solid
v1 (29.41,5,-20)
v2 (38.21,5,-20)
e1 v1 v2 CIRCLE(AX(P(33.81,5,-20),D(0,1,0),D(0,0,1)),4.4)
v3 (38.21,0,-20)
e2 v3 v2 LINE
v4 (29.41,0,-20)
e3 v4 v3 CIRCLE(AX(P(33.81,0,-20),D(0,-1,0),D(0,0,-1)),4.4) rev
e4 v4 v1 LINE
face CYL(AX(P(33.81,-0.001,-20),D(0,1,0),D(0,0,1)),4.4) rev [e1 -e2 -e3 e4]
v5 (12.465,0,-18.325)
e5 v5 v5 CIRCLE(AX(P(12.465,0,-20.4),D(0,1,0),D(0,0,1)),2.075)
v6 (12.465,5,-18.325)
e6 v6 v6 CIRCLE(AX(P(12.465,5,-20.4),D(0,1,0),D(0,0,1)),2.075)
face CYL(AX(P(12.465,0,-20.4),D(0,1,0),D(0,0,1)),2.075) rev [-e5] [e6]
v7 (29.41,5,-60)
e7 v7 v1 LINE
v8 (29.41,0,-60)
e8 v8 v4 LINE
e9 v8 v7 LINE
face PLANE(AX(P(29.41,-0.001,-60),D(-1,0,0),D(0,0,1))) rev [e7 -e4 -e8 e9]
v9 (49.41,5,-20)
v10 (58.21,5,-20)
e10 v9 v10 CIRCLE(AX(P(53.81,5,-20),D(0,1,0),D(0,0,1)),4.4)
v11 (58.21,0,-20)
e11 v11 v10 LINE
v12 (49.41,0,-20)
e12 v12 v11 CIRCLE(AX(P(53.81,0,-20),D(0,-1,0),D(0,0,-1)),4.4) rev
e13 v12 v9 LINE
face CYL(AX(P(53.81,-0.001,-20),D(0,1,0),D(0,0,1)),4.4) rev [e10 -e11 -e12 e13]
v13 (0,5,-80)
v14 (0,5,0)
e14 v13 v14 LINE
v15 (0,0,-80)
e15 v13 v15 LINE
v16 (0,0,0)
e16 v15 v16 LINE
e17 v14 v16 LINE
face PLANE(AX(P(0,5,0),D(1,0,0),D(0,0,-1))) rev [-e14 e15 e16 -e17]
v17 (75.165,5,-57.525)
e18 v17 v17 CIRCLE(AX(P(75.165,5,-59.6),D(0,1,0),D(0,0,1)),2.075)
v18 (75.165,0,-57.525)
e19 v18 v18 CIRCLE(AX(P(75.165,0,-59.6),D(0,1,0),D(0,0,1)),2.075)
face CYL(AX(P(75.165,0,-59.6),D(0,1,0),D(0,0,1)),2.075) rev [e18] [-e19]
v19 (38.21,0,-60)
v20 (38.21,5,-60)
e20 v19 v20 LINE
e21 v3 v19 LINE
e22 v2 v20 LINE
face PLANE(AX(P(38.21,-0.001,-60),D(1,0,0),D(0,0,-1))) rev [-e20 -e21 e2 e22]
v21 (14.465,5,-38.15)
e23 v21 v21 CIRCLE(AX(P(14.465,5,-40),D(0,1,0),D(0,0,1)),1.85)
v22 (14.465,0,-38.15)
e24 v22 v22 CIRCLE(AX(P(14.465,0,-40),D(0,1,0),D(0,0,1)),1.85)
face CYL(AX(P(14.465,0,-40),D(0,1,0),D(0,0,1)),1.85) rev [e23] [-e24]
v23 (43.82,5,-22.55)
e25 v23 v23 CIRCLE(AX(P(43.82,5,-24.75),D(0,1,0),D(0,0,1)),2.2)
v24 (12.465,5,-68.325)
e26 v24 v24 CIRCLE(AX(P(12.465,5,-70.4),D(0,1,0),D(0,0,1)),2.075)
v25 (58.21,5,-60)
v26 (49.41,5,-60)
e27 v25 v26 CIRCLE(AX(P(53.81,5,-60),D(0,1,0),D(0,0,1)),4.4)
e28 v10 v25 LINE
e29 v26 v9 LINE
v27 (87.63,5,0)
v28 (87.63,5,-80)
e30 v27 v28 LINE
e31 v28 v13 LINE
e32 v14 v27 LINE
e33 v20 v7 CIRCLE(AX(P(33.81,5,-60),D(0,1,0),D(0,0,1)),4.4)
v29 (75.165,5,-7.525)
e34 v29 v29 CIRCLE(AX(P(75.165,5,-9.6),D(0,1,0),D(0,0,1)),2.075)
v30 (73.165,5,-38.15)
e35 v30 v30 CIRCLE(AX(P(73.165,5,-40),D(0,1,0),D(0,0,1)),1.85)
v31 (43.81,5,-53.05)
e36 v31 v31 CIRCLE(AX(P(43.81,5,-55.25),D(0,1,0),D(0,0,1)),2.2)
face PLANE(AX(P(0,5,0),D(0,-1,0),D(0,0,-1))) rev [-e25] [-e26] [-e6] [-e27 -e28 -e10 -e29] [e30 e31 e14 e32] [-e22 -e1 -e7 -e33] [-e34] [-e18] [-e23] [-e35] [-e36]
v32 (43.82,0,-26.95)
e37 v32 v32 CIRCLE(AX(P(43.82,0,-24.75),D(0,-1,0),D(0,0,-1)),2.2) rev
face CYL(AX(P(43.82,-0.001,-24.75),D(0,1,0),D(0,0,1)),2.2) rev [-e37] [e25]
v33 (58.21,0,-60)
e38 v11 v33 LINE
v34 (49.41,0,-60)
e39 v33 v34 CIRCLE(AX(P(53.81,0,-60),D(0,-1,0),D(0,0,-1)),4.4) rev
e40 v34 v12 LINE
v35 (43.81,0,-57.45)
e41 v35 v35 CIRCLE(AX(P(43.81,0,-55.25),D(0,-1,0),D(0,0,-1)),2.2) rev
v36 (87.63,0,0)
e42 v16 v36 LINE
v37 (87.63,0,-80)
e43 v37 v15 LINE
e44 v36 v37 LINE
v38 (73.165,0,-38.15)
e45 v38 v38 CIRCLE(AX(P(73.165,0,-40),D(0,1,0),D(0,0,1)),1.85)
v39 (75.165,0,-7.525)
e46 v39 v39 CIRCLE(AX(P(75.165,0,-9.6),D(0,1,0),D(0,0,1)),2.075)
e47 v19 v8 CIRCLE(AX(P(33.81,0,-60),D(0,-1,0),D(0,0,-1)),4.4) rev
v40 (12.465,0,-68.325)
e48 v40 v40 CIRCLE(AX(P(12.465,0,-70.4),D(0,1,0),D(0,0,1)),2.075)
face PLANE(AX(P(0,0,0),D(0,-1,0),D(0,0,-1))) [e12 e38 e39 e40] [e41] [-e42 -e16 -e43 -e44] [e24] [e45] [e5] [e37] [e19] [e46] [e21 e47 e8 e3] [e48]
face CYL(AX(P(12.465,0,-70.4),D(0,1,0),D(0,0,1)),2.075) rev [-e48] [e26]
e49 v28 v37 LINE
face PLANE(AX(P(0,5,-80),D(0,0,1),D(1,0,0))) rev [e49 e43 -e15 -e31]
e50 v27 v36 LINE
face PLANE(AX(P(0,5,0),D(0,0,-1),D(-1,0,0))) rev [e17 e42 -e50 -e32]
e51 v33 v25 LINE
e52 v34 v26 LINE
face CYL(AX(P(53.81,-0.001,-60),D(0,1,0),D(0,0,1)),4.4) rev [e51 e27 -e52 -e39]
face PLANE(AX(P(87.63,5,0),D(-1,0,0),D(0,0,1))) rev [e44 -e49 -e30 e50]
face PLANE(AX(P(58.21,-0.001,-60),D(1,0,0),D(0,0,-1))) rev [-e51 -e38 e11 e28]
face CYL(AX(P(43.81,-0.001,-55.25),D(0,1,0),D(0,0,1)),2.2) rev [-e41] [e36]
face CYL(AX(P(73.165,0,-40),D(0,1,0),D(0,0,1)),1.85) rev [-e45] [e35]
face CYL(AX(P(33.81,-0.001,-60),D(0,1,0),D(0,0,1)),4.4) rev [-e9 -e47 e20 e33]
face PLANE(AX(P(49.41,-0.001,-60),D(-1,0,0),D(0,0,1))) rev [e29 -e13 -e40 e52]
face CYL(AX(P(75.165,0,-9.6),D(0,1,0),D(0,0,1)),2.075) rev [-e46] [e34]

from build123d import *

# Parameters (mm, degrees)
SKETCH1_W           = 87.63
SKETCH1_H           = 80
BOSS_EXTRUDE1_DEPTH = 5
SKETCH2_R           = 2.075
SKETCH2_R_2         = 1.85
CUT_EXTRUDE1_DEPTH  = 6
CUT_EXTRUDE2_REACH  = 7
SKETCH3_R           = 2.2
CUT_EXTRUDE3_REACH  = 7


with BuildPart() as part:
    # Sketch1 → Boss-Extrude1 (new body)
    with BuildSketch(Plane(origin=(0, 0, 0), x_dir=(1, 0, 0), z_dir=(0, 1, 0))):
        with Locations((43.815, 40)):
            Rectangle(SKETCH1_W, SKETCH1_H)
    extrude(amount=BOSS_EXTRUDE1_DEPTH)

    # Sketch2 → Cut-Extrude1 (cut, through all)
    with BuildSketch(Plane(origin=(0, 5, 0), x_dir=(1, 0, 0), z_dir=(0, 1, 0))):
        with Locations(Location((12.465, 70.4, 0), (0, 0, 270))):  # turned: the seam where the file's is
            Circle(SKETCH2_R)
        with Locations(Location((12.465, 20.4, 0), (0, 0, 270))):  # turned: the seam where the file's is
            Circle(SKETCH2_R)
        with Locations(Location((14.465, 40, 0), (0, 0, 270))):  # turned: the seam where the file's is
            Circle(SKETCH2_R_2)
        with Locations(Location((73.165, 40, 0), (0, 0, 270))):  # turned: the seam where the file's is
            Circle(SKETCH2_R_2)
        with Locations(Location((75.165, 9.6, 0), (0, 0, 270))):  # turned: the seam where the file's is
            Circle(SKETCH2_R)
        with Locations(Location((75.165, 59.6, 0), (0, 0, 270))):  # turned: the seam where the file's is
            Circle(SKETCH2_R)
    extrude(amount=-CUT_EXTRUDE1_DEPTH, mode=Mode.SUBTRACT)

    # Sketch3 → Cut-Extrude2 (cut, up to next)
    with BuildSketch(Plane(origin=(0, 5, 0), x_dir=(1, 0, 0), z_dir=(0, 1, 0)), mode=Mode.PRIVATE) as cut_extrude2_sk1:
        with Locations(Location((43.81, 55.25, 0), (0, 0, 270))):  # turned: the seam where the file's is
            Circle(SKETCH3_R)
    cut_extrude2_tool1 = extrude(cut_extrude2_sk1.sketch, amount=-CUT_EXTRUDE2_REACH, mode=Mode.PRIVATE) & part.part
    add(cut_extrude2_tool1.solids().sort_by_distance((43.81, 5, -55.25))[0], mode=Mode.SUBTRACT)
    # Sketch3 → Cut-Extrude2 (cut, up to next)
    with BuildSketch(Plane(origin=(0, 5, 0), x_dir=(1, 0, 0), z_dir=(0, 1, 0)), mode=Mode.PRIVATE) as cut_extrude2_sk2:
        with Locations(Location((43.82, 24.75, 0), (0, 0, 270))):  # turned: the seam where the file's is
            Circle(SKETCH3_R)
    cut_extrude2_tool2 = extrude(cut_extrude2_sk2.sketch, amount=-CUT_EXTRUDE2_REACH, mode=Mode.PRIVATE) & part.part
    add(cut_extrude2_tool2.solids().sort_by_distance((43.82, 5, -24.75))[0], mode=Mode.SUBTRACT)

    # Sketch4 → Cut-Extrude3 (cut, up to next)
    with BuildSketch(Plane(origin=(0, 5, 0), x_dir=(1, 0, 0), z_dir=(0, 1, 0)), mode=Mode.PRIVATE) as cut_extrude3_sk1:
        with BuildLine():
            Line((38.21, 60), (38.21, 20))
            ThreePointArc((38.21, 20), (33.81, 15.6), (29.41, 20))
            Line((29.41, 20), (29.41, 60))
            ThreePointArc((29.41, 60), (33.81, 64.4), (38.21, 60))
        make_face()
    cut_extrude3_tool1 = extrude(cut_extrude3_sk1.sketch, amount=-CUT_EXTRUDE3_REACH, mode=Mode.PRIVATE) & part.part
    add(cut_extrude3_tool1.solids().sort_by_distance((33.81, 5, -40))[0], mode=Mode.SUBTRACT)
    # Sketch4 → Cut-Extrude3 (cut, up to next)
    with BuildSketch(Plane(origin=(0, 5, 0), x_dir=(1, 0, 0), z_dir=(0, 1, 0)), mode=Mode.PRIVATE) as cut_extrude3_sk2:
        with BuildLine():
            Line((58.21, 60), (58.21, 20))
            ThreePointArc((58.21, 20), (53.81, 15.6), (49.41, 20))
            Line((49.41, 20), (49.41, 60))
            ThreePointArc((49.41, 60), (53.81, 64.4), (58.21, 60))
        make_face()
    cut_extrude3_tool2 = extrude(cut_extrude3_sk2.sketch, amount=-CUT_EXTRUDE3_REACH, mode=Mode.PRIVATE) & part.part
    add(cut_extrude3_tool2.solids().sort_by_distance((53.81, 5, -40))[0], mode=Mode.SUBTRACT)


solid = part.part
